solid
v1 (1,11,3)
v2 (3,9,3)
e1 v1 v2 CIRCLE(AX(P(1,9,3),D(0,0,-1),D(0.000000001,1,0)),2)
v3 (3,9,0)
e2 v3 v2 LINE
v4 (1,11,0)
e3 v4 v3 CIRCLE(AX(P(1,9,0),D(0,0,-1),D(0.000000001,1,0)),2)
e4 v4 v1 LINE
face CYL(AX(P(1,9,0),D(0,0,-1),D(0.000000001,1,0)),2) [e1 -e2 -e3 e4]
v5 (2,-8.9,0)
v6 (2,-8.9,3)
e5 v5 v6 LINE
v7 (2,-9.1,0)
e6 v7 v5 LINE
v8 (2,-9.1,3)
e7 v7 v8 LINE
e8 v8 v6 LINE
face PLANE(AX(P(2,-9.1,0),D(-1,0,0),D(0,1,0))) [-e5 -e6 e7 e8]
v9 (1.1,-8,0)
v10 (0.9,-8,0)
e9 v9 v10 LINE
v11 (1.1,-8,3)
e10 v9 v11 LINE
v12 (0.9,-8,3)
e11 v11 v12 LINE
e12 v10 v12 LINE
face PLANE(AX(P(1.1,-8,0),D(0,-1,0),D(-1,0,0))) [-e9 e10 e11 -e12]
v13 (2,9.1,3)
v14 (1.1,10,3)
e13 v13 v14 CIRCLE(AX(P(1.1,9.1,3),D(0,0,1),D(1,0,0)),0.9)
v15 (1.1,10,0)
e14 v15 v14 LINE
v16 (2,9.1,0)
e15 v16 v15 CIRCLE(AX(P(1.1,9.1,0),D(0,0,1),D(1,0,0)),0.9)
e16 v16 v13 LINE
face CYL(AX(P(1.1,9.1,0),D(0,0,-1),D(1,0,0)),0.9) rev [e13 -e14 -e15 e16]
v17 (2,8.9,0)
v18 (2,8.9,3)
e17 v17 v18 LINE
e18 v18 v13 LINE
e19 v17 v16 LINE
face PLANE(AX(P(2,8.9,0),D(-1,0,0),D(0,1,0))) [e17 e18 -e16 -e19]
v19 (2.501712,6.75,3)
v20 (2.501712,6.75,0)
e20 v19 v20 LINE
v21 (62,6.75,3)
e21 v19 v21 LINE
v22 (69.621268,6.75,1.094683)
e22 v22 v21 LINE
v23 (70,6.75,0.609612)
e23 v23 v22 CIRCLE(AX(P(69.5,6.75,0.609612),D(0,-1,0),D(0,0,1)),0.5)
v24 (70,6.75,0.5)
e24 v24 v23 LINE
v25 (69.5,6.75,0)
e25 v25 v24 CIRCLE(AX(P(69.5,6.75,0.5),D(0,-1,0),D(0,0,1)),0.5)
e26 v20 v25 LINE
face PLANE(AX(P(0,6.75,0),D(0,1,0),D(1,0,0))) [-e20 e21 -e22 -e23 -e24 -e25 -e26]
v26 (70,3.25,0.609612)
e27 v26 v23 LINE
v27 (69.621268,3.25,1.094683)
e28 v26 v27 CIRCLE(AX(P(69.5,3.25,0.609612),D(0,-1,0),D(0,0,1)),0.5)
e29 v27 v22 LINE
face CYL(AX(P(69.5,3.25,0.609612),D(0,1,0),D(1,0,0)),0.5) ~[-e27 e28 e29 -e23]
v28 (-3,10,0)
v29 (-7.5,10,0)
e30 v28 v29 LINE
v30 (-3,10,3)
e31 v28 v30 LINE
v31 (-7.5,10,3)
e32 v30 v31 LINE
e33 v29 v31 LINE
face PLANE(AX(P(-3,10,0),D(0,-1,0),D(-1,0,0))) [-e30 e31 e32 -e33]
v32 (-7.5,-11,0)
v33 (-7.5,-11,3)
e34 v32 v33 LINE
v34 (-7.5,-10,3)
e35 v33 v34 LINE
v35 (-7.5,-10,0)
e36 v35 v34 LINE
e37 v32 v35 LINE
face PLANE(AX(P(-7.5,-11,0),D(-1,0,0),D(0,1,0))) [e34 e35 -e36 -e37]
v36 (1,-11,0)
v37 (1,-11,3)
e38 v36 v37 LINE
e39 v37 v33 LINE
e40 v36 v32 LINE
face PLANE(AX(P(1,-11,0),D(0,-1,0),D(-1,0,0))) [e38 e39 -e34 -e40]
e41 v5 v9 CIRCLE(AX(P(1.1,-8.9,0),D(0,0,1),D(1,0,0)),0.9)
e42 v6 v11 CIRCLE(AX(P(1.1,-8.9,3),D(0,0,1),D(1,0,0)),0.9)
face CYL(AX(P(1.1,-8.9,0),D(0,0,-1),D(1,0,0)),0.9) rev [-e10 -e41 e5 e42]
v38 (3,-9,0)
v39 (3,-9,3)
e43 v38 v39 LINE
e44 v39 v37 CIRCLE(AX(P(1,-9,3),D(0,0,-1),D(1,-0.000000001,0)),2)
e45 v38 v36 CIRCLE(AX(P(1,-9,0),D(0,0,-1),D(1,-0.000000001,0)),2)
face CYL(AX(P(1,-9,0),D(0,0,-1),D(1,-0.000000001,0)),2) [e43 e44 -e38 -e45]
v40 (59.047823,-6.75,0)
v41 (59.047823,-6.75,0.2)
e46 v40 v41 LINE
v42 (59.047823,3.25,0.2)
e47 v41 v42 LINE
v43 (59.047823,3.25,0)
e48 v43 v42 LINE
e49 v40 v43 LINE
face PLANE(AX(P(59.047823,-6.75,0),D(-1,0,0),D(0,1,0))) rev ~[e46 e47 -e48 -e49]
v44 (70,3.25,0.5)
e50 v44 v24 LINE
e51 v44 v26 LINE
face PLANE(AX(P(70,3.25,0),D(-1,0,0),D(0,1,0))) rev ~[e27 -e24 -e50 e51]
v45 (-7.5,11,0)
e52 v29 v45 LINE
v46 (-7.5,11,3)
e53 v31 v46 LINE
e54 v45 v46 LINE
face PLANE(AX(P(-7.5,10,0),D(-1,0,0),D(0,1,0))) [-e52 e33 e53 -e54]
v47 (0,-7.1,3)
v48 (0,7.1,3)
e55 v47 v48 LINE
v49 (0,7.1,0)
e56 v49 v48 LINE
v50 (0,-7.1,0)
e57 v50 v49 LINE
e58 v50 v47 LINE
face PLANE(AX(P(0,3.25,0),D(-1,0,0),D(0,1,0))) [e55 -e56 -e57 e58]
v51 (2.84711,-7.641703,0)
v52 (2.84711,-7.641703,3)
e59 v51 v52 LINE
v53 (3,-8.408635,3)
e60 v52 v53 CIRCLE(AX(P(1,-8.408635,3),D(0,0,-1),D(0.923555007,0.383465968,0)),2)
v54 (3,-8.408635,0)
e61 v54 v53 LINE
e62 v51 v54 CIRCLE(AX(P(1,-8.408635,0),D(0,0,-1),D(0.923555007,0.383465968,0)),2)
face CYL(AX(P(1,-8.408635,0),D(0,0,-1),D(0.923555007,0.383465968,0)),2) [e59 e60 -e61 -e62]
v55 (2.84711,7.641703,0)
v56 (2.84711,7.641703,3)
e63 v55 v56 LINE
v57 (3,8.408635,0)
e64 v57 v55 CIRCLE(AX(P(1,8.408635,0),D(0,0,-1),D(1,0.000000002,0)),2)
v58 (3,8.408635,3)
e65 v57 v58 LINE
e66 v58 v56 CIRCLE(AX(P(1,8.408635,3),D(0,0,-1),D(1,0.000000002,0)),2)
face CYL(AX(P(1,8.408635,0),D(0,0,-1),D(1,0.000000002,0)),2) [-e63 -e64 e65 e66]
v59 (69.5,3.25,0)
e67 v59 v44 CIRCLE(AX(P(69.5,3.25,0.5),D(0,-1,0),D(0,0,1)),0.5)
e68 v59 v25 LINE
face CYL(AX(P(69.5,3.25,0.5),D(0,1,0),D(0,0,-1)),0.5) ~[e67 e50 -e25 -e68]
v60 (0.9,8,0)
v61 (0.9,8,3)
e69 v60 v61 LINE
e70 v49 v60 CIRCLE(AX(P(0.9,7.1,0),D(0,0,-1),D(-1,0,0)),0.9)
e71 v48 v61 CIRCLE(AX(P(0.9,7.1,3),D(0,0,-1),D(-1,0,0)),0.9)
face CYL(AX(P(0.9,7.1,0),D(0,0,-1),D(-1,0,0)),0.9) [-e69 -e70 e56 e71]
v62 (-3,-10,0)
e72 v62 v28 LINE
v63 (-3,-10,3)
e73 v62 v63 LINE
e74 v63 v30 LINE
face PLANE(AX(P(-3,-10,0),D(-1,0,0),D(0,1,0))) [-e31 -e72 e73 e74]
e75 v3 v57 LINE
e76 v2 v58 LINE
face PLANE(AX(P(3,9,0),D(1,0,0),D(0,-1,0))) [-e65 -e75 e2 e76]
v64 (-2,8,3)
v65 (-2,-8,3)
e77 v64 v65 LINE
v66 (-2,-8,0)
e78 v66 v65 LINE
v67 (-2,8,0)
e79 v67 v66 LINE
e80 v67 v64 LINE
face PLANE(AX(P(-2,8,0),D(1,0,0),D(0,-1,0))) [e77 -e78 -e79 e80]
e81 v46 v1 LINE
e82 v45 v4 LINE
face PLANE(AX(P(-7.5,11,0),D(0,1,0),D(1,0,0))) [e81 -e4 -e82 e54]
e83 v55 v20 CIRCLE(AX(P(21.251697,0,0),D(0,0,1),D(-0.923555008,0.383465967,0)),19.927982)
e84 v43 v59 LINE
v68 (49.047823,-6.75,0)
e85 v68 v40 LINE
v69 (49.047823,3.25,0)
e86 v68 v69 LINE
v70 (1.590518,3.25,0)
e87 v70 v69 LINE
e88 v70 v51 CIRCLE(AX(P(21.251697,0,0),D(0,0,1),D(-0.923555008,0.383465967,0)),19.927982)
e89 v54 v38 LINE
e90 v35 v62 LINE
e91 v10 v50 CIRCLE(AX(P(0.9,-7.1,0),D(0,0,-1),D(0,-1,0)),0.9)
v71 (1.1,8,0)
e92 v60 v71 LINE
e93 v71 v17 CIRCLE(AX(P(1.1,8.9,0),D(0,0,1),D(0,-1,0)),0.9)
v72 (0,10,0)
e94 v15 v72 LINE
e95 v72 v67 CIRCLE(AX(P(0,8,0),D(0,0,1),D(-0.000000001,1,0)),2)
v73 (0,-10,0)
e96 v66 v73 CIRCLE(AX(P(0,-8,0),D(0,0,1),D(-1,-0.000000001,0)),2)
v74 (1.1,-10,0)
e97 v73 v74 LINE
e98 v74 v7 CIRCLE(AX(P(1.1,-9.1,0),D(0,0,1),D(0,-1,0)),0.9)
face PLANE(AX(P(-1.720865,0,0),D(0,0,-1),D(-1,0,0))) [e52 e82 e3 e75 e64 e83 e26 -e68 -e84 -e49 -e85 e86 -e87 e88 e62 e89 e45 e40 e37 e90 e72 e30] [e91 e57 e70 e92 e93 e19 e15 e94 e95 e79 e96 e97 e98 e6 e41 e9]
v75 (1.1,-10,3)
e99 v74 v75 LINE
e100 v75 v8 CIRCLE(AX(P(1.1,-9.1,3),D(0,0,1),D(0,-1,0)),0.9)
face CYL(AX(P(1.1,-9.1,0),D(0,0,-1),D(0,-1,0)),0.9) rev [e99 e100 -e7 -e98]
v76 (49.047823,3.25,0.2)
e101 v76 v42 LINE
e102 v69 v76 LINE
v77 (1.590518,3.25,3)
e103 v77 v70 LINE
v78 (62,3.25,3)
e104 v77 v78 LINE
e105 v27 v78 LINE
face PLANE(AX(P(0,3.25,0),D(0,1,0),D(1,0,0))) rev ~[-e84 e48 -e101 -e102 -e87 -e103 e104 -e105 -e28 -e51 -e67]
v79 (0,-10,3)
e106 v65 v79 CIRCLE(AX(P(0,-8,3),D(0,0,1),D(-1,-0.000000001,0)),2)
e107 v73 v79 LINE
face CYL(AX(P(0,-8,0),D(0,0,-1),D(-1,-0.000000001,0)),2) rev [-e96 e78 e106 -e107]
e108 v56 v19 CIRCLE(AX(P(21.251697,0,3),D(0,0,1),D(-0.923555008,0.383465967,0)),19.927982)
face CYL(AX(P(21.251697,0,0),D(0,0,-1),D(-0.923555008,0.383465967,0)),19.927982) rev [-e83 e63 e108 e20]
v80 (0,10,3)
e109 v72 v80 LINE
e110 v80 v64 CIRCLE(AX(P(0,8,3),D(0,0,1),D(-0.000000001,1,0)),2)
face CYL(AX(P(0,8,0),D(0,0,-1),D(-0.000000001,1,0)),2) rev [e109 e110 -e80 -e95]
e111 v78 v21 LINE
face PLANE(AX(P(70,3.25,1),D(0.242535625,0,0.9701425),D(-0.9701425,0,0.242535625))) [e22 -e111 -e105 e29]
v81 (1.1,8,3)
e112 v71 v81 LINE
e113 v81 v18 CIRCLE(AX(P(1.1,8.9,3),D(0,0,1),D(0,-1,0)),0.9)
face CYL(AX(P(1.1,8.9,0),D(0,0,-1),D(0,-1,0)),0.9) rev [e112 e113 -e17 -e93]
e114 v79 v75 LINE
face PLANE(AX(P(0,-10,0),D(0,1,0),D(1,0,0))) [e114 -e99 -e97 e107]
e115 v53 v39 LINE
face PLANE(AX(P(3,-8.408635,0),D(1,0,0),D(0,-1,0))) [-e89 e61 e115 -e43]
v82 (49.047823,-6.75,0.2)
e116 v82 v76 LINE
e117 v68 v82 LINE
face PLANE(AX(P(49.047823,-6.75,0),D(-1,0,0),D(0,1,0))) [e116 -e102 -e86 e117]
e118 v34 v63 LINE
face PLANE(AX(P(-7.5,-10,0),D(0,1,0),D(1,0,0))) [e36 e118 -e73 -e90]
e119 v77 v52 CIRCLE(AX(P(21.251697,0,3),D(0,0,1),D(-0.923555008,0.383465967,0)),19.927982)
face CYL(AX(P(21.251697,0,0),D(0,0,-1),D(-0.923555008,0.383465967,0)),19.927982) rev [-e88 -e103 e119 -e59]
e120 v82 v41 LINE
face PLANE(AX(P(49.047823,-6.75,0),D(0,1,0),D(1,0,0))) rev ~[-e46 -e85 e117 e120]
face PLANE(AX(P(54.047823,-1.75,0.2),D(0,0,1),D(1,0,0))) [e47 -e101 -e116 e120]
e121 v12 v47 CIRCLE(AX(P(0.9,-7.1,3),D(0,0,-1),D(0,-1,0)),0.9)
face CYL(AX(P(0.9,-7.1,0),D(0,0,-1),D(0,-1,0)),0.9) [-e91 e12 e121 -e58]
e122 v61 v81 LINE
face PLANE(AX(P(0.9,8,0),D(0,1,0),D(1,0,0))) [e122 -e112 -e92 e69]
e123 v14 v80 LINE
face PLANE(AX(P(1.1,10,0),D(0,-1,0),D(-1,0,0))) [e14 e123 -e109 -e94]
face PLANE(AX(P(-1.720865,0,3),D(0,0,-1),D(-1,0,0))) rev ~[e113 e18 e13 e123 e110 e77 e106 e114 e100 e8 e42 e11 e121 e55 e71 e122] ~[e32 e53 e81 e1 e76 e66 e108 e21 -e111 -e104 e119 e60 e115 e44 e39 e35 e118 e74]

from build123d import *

# Parameters (mm, degrees)
HOOK_DEPTH          = 3
SKETCH2_W           = 70
SKETCH2_H           = 3.5
PIN_DEPTH           = 3
CUT_EXTRUDE1_DEPTH  = 3.5
FILLET1_R           = 0.5
SKETCH4_W           = 10
SKETCH4_H           = 10
BOSS_EXTRUDE3_DEPTH = 0.2


with BuildPart() as part:
    # Sketch1 → Hook (new body)
    with BuildSketch(Plane.XY):
        with BuildLine():
            Line((1, -11), (-3, -11))
            Line((-3, -11), (-7.5, -11))
            Line((-7.5, -11), (-7.5, -10))
            Line((-7.5, -10), (-3, -10))
            Line((-3, -10), (-3, 10))
            Line((-3, 10), (-7.5, 10))
            Line((-7.5, 10), (-7.5, 11))
            Line((-7.5, 11), (-3, 11))
            Line((-3, 11), (1, 11))
            ThreePointArc((1, 11), (2.414213562, 10.414213562), (3, 9))
            Line((3, 9), (3, 8.408634703))
            ThreePointArc((3, 8.408634703), (2.961405113, 8.017623214), (2.847110016, 7.64170277))
            ThreePointArc((2.847110016, 7.64170277), (1.32371561, 0), (2.847110016, -7.64170277))
            ThreePointArc((2.847110016, -7.64170277), (2.961405113, -8.017623214), (3, -8.408634703))
            Line((3, -8.408634703), (3, -9))
            ThreePointArc((3, -9), (2.414213562, -10.414213562), (1, -11))
        make_face()
        with BuildLine():
            Line((2, 8.9), (2, 9.1))
            ThreePointArc((2, 9.1), (1.736396103, 9.736396103), (1.1, 10))
            Line((1.1, 10), (0, 10))
            ThreePointArc((0, 10), (-1.414213562, 9.414213562), (-2, 8))
            Line((-2, 8), (-2, -8))
            ThreePointArc((-2, -8), (-1.414213562, -9.414213562), (0, -10))
            Line((0, -10), (1.1, -10))
            ThreePointArc((1.1, -10), (1.736396103, -9.736396103), (2, -9.1))
            Line((2, -9.1), (2, -8.9))
            ThreePointArc((2, -8.9), (1.736396103, -8.263603897), (1.1, -8))
            Line((1.1, -8), (0.9, -8))
            ThreePointArc((0.9, -8), (0.263603897, -7.736396103), (0, -7.1))
            Line((0, -7.1), (0, 7.1))
            ThreePointArc((0, 7.1), (0.263603897, 7.736396103), (0.9, 8))
            Line((0.9, 8), (1.1, 8))
            ThreePointArc((1.1, 8), (1.736396103, 8.263603897), (2, 8.9))
        make_face(mode=Mode.SUBTRACT)
    extrude(amount=HOOK_DEPTH)

    # Sketch2 → Pin (add)
    with BuildSketch(Plane.XY):
        with Locations((35, 5)):
            Rectangle(SKETCH2_W, SKETCH2_H)
    extrude(amount=PIN_DEPTH)

    # Sketch3 → Cut-Extrude1 (cut)
    with BuildSketch(Plane.XZ.offset(-3.25)):
        Polygon((62, 3), (70, 3), (70, 1), align=None)
    extrude(amount=-CUT_EXTRUDE1_DEPTH, mode=Mode.SUBTRACT)

    # Fillet1
    fillet1_edges = [part.edges().sort_by_distance(p)[0] for p in [
        (70, 5, 0),
        (70, 5, 1),
    ]]
    fillet(fillet1_edges, radius=FILLET1_R)

    # Sketch4 → Boss-Extrude3 (add)
    with BuildSketch(Plane.XY):
        with Locations((54.047822984, -1.75)):
            Rectangle(SKETCH4_W, SKETCH4_H)
    extrude(amount=BOSS_EXTRUDE3_DEPTH)


solid = part.part
